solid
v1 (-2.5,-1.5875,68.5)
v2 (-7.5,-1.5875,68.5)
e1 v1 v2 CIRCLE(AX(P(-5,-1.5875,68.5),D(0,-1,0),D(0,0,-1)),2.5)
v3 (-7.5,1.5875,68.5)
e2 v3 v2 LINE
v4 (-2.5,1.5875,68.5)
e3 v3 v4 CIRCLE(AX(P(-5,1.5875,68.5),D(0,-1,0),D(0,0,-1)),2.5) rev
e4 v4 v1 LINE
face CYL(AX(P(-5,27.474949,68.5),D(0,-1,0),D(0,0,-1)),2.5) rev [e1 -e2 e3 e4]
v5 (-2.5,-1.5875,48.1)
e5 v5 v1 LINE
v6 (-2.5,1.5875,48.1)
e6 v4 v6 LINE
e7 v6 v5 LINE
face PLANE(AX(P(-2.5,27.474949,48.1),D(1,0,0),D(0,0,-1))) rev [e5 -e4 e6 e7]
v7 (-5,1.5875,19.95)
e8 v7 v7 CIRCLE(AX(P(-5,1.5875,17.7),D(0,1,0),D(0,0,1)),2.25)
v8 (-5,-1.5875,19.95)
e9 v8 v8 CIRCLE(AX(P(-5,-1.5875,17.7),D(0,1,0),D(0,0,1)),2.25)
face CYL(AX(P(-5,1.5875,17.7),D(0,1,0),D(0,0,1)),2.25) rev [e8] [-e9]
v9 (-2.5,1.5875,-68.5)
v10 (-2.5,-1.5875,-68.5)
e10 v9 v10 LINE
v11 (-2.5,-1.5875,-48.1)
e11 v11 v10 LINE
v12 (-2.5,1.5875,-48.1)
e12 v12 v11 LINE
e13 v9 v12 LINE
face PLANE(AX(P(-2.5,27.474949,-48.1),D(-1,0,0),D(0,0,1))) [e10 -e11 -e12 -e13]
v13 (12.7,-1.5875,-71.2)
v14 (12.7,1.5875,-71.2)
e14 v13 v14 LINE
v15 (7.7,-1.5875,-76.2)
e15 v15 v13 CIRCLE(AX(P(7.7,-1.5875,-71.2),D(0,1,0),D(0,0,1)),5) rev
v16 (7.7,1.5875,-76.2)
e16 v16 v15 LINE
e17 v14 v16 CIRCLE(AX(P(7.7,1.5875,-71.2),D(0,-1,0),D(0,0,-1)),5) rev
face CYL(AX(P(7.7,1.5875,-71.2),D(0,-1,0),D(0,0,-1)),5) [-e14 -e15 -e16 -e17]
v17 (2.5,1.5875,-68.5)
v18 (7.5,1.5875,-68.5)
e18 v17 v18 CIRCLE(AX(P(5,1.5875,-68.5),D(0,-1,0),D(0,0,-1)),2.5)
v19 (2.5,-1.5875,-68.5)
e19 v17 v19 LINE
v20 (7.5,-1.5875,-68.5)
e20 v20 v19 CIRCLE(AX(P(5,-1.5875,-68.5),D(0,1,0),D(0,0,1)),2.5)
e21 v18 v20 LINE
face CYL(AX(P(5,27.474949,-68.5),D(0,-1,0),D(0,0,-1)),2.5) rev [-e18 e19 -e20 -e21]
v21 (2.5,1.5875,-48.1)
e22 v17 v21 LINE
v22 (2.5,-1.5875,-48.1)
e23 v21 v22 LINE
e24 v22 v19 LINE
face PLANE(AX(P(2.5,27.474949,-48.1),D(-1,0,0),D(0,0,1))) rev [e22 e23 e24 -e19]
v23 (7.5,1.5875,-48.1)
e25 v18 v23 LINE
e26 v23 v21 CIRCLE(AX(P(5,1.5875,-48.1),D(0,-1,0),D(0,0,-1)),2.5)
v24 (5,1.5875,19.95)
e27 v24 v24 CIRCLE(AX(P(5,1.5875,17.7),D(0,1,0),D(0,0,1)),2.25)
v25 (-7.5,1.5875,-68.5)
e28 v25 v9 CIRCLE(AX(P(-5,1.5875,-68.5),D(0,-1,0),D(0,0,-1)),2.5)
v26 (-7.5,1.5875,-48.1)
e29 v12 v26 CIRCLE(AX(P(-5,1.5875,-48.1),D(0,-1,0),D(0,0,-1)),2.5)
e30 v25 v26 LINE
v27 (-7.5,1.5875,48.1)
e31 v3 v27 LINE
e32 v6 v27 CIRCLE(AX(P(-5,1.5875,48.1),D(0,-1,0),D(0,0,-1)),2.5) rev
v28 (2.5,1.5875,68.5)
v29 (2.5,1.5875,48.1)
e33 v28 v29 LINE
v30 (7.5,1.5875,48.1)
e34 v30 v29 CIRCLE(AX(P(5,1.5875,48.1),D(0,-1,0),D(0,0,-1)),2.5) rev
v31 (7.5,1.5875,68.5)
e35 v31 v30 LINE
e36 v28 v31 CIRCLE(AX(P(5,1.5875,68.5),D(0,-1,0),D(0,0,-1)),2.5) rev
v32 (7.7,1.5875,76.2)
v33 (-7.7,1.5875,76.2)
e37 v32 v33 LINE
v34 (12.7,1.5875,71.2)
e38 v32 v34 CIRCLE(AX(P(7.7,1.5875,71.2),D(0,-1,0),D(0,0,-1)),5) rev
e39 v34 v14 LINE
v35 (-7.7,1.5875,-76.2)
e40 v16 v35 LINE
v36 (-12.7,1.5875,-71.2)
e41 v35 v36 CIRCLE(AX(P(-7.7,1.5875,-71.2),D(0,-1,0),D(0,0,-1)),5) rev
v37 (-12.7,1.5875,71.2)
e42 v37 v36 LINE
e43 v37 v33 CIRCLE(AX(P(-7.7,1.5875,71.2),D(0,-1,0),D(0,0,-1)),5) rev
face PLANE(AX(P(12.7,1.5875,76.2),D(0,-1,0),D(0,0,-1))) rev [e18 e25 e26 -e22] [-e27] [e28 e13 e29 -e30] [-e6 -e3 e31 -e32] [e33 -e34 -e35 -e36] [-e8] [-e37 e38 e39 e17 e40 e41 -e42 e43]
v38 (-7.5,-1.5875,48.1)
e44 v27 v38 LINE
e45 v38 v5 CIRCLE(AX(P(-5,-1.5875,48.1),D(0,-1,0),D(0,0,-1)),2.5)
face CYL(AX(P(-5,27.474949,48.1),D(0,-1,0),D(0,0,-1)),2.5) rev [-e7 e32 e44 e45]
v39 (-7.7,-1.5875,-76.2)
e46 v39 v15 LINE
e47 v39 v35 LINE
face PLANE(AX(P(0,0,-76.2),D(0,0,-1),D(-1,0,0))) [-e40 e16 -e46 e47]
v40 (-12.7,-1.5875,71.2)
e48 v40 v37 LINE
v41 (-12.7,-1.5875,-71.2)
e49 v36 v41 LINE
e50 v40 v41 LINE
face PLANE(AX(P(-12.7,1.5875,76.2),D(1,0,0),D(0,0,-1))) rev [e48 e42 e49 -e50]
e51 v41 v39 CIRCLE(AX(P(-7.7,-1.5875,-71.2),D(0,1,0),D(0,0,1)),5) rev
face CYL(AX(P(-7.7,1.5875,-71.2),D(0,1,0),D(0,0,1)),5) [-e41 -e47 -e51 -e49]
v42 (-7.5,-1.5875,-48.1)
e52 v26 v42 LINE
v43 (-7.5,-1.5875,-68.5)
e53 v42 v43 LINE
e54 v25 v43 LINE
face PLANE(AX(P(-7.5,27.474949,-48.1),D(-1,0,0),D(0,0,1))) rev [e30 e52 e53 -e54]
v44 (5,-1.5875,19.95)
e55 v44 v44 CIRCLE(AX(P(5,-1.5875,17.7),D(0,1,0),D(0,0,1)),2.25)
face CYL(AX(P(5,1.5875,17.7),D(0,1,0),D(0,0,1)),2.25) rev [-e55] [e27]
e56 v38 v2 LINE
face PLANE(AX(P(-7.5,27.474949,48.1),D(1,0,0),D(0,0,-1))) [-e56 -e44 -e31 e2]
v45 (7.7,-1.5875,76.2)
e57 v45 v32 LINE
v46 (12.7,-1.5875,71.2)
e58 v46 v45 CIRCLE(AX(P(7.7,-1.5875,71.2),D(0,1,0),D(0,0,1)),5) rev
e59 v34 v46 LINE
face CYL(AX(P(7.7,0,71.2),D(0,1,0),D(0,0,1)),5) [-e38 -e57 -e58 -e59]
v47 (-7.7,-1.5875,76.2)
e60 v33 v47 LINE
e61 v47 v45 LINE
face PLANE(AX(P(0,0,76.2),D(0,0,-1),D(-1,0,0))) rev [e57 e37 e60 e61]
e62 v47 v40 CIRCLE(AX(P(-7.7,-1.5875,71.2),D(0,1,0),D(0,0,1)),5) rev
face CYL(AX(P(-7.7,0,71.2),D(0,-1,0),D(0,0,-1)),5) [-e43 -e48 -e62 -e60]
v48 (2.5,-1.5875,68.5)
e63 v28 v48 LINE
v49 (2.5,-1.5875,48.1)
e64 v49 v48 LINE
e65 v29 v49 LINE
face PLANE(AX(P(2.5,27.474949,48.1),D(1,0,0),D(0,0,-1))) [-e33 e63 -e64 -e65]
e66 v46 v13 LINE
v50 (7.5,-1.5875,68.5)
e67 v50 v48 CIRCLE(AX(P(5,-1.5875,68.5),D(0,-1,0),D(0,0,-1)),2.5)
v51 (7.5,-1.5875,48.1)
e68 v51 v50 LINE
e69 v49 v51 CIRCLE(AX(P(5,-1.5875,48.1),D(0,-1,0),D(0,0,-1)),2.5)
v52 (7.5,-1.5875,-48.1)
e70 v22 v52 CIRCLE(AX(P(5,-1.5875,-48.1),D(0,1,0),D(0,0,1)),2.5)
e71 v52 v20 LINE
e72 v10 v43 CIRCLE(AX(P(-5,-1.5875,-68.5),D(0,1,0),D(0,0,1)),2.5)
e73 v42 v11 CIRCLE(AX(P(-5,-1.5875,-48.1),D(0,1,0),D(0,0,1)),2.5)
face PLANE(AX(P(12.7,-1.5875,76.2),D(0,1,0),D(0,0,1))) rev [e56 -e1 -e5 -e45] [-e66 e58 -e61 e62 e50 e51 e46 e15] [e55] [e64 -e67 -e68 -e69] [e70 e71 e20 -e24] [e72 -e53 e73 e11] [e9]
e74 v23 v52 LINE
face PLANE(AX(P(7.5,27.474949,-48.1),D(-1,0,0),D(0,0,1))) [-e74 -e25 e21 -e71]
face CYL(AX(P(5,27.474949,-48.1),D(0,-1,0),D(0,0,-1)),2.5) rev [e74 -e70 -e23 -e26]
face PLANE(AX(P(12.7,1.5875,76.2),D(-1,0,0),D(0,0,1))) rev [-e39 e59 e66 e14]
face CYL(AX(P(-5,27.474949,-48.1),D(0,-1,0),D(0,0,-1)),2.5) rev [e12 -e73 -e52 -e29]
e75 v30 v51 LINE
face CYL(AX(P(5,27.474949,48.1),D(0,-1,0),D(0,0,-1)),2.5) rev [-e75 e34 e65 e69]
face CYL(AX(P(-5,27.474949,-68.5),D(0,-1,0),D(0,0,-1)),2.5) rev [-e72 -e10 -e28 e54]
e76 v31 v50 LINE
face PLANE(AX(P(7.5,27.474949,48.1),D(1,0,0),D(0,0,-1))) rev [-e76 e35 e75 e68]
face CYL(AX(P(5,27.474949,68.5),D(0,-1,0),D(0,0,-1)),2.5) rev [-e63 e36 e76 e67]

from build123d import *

# Parameters (mm, degrees)
BOSS_EXTRUDE1_DEPTH      = 76.2
BOSS_EXTRUDE1_DEPTH_BACK = 76.2
SKETCH3_W                = 25.4
SKETCH3_H                = 3.175
CUT_EXTRUDE2_DEPTH       = 3.175
FILLET1_R                = 5
M4_CLEARANCE_HOLE1_D     = 4.5


with BuildPart() as part:
    # Sketch3 → Boss-Extrude1 (new, two sides: drawn at the far end of the back side and taken through both)
    with BuildSketch(Plane.XY.offset(-BOSS_EXTRUDE1_DEPTH_BACK)):
        Rectangle(SKETCH3_W, SKETCH3_H)
    extrude(amount=BOSS_EXTRUDE1_DEPTH + BOSS_EXTRUDE1_DEPTH_BACK)

    # Sketch5 → Cut-Extrude2 (cut)
    with BuildSketch(Plane(origin=(0, -1.5875, 0), x_dir=(-1, 0, 0), z_dir=(0, -1, 0))):
        with BuildLine():
            Line((7.5, -48.1), (7.5, -68.5))
            ThreePointArc((7.5, -68.5), (5, -71), (2.5, -68.5))
            Line((2.5, -68.5), (2.5, -48.1))
            ThreePointArc((2.5, -48.1), (5, -45.6), (7.5, -48.1))
        make_face()
        with BuildLine():
            Line((-2.5, -48.1), (-2.5, -68.5))
            ThreePointArc((-2.5, -68.5), (-5, -71), (-7.5, -68.5))
            Line((-7.5, -68.5), (-7.5, -48.1))
            ThreePointArc((-7.5, -48.1), (-5, -45.6), (-2.5, -48.1))
        make_face()
    cut_extrude2 = extrude(amount=-CUT_EXTRUDE2_DEPTH, mode=Mode.SUBTRACT)

    # Mirror1: Cut-Extrude2 across plane
    add(cut_extrude2.mirror(Plane.XY), mode=Mode.SUBTRACT)

    # Fillet1
    fillet1_edges = [part.edges().sort_by_distance(p)[0] for p in [
        (12.7, 0, 76.2),
        (-12.7, 0, -76.2),
        (12.7, 0, -76.2),
        (-12.7, 0, 76.2),
    ]]
    fillet(fillet1_edges, radius=FILLET1_R)

    # M4 Clearance Hole1 (through all)
    with Locations(Plane(origin=(0, 1.5875, 0), x_dir=(1, 0, 0), z_dir=(0, 1, 0))):
        with Locations((5, -17.7), (-5, -17.7)):
            Hole(M4_CLEARANCE_HOLE1_D / 2)


solid = part.part
